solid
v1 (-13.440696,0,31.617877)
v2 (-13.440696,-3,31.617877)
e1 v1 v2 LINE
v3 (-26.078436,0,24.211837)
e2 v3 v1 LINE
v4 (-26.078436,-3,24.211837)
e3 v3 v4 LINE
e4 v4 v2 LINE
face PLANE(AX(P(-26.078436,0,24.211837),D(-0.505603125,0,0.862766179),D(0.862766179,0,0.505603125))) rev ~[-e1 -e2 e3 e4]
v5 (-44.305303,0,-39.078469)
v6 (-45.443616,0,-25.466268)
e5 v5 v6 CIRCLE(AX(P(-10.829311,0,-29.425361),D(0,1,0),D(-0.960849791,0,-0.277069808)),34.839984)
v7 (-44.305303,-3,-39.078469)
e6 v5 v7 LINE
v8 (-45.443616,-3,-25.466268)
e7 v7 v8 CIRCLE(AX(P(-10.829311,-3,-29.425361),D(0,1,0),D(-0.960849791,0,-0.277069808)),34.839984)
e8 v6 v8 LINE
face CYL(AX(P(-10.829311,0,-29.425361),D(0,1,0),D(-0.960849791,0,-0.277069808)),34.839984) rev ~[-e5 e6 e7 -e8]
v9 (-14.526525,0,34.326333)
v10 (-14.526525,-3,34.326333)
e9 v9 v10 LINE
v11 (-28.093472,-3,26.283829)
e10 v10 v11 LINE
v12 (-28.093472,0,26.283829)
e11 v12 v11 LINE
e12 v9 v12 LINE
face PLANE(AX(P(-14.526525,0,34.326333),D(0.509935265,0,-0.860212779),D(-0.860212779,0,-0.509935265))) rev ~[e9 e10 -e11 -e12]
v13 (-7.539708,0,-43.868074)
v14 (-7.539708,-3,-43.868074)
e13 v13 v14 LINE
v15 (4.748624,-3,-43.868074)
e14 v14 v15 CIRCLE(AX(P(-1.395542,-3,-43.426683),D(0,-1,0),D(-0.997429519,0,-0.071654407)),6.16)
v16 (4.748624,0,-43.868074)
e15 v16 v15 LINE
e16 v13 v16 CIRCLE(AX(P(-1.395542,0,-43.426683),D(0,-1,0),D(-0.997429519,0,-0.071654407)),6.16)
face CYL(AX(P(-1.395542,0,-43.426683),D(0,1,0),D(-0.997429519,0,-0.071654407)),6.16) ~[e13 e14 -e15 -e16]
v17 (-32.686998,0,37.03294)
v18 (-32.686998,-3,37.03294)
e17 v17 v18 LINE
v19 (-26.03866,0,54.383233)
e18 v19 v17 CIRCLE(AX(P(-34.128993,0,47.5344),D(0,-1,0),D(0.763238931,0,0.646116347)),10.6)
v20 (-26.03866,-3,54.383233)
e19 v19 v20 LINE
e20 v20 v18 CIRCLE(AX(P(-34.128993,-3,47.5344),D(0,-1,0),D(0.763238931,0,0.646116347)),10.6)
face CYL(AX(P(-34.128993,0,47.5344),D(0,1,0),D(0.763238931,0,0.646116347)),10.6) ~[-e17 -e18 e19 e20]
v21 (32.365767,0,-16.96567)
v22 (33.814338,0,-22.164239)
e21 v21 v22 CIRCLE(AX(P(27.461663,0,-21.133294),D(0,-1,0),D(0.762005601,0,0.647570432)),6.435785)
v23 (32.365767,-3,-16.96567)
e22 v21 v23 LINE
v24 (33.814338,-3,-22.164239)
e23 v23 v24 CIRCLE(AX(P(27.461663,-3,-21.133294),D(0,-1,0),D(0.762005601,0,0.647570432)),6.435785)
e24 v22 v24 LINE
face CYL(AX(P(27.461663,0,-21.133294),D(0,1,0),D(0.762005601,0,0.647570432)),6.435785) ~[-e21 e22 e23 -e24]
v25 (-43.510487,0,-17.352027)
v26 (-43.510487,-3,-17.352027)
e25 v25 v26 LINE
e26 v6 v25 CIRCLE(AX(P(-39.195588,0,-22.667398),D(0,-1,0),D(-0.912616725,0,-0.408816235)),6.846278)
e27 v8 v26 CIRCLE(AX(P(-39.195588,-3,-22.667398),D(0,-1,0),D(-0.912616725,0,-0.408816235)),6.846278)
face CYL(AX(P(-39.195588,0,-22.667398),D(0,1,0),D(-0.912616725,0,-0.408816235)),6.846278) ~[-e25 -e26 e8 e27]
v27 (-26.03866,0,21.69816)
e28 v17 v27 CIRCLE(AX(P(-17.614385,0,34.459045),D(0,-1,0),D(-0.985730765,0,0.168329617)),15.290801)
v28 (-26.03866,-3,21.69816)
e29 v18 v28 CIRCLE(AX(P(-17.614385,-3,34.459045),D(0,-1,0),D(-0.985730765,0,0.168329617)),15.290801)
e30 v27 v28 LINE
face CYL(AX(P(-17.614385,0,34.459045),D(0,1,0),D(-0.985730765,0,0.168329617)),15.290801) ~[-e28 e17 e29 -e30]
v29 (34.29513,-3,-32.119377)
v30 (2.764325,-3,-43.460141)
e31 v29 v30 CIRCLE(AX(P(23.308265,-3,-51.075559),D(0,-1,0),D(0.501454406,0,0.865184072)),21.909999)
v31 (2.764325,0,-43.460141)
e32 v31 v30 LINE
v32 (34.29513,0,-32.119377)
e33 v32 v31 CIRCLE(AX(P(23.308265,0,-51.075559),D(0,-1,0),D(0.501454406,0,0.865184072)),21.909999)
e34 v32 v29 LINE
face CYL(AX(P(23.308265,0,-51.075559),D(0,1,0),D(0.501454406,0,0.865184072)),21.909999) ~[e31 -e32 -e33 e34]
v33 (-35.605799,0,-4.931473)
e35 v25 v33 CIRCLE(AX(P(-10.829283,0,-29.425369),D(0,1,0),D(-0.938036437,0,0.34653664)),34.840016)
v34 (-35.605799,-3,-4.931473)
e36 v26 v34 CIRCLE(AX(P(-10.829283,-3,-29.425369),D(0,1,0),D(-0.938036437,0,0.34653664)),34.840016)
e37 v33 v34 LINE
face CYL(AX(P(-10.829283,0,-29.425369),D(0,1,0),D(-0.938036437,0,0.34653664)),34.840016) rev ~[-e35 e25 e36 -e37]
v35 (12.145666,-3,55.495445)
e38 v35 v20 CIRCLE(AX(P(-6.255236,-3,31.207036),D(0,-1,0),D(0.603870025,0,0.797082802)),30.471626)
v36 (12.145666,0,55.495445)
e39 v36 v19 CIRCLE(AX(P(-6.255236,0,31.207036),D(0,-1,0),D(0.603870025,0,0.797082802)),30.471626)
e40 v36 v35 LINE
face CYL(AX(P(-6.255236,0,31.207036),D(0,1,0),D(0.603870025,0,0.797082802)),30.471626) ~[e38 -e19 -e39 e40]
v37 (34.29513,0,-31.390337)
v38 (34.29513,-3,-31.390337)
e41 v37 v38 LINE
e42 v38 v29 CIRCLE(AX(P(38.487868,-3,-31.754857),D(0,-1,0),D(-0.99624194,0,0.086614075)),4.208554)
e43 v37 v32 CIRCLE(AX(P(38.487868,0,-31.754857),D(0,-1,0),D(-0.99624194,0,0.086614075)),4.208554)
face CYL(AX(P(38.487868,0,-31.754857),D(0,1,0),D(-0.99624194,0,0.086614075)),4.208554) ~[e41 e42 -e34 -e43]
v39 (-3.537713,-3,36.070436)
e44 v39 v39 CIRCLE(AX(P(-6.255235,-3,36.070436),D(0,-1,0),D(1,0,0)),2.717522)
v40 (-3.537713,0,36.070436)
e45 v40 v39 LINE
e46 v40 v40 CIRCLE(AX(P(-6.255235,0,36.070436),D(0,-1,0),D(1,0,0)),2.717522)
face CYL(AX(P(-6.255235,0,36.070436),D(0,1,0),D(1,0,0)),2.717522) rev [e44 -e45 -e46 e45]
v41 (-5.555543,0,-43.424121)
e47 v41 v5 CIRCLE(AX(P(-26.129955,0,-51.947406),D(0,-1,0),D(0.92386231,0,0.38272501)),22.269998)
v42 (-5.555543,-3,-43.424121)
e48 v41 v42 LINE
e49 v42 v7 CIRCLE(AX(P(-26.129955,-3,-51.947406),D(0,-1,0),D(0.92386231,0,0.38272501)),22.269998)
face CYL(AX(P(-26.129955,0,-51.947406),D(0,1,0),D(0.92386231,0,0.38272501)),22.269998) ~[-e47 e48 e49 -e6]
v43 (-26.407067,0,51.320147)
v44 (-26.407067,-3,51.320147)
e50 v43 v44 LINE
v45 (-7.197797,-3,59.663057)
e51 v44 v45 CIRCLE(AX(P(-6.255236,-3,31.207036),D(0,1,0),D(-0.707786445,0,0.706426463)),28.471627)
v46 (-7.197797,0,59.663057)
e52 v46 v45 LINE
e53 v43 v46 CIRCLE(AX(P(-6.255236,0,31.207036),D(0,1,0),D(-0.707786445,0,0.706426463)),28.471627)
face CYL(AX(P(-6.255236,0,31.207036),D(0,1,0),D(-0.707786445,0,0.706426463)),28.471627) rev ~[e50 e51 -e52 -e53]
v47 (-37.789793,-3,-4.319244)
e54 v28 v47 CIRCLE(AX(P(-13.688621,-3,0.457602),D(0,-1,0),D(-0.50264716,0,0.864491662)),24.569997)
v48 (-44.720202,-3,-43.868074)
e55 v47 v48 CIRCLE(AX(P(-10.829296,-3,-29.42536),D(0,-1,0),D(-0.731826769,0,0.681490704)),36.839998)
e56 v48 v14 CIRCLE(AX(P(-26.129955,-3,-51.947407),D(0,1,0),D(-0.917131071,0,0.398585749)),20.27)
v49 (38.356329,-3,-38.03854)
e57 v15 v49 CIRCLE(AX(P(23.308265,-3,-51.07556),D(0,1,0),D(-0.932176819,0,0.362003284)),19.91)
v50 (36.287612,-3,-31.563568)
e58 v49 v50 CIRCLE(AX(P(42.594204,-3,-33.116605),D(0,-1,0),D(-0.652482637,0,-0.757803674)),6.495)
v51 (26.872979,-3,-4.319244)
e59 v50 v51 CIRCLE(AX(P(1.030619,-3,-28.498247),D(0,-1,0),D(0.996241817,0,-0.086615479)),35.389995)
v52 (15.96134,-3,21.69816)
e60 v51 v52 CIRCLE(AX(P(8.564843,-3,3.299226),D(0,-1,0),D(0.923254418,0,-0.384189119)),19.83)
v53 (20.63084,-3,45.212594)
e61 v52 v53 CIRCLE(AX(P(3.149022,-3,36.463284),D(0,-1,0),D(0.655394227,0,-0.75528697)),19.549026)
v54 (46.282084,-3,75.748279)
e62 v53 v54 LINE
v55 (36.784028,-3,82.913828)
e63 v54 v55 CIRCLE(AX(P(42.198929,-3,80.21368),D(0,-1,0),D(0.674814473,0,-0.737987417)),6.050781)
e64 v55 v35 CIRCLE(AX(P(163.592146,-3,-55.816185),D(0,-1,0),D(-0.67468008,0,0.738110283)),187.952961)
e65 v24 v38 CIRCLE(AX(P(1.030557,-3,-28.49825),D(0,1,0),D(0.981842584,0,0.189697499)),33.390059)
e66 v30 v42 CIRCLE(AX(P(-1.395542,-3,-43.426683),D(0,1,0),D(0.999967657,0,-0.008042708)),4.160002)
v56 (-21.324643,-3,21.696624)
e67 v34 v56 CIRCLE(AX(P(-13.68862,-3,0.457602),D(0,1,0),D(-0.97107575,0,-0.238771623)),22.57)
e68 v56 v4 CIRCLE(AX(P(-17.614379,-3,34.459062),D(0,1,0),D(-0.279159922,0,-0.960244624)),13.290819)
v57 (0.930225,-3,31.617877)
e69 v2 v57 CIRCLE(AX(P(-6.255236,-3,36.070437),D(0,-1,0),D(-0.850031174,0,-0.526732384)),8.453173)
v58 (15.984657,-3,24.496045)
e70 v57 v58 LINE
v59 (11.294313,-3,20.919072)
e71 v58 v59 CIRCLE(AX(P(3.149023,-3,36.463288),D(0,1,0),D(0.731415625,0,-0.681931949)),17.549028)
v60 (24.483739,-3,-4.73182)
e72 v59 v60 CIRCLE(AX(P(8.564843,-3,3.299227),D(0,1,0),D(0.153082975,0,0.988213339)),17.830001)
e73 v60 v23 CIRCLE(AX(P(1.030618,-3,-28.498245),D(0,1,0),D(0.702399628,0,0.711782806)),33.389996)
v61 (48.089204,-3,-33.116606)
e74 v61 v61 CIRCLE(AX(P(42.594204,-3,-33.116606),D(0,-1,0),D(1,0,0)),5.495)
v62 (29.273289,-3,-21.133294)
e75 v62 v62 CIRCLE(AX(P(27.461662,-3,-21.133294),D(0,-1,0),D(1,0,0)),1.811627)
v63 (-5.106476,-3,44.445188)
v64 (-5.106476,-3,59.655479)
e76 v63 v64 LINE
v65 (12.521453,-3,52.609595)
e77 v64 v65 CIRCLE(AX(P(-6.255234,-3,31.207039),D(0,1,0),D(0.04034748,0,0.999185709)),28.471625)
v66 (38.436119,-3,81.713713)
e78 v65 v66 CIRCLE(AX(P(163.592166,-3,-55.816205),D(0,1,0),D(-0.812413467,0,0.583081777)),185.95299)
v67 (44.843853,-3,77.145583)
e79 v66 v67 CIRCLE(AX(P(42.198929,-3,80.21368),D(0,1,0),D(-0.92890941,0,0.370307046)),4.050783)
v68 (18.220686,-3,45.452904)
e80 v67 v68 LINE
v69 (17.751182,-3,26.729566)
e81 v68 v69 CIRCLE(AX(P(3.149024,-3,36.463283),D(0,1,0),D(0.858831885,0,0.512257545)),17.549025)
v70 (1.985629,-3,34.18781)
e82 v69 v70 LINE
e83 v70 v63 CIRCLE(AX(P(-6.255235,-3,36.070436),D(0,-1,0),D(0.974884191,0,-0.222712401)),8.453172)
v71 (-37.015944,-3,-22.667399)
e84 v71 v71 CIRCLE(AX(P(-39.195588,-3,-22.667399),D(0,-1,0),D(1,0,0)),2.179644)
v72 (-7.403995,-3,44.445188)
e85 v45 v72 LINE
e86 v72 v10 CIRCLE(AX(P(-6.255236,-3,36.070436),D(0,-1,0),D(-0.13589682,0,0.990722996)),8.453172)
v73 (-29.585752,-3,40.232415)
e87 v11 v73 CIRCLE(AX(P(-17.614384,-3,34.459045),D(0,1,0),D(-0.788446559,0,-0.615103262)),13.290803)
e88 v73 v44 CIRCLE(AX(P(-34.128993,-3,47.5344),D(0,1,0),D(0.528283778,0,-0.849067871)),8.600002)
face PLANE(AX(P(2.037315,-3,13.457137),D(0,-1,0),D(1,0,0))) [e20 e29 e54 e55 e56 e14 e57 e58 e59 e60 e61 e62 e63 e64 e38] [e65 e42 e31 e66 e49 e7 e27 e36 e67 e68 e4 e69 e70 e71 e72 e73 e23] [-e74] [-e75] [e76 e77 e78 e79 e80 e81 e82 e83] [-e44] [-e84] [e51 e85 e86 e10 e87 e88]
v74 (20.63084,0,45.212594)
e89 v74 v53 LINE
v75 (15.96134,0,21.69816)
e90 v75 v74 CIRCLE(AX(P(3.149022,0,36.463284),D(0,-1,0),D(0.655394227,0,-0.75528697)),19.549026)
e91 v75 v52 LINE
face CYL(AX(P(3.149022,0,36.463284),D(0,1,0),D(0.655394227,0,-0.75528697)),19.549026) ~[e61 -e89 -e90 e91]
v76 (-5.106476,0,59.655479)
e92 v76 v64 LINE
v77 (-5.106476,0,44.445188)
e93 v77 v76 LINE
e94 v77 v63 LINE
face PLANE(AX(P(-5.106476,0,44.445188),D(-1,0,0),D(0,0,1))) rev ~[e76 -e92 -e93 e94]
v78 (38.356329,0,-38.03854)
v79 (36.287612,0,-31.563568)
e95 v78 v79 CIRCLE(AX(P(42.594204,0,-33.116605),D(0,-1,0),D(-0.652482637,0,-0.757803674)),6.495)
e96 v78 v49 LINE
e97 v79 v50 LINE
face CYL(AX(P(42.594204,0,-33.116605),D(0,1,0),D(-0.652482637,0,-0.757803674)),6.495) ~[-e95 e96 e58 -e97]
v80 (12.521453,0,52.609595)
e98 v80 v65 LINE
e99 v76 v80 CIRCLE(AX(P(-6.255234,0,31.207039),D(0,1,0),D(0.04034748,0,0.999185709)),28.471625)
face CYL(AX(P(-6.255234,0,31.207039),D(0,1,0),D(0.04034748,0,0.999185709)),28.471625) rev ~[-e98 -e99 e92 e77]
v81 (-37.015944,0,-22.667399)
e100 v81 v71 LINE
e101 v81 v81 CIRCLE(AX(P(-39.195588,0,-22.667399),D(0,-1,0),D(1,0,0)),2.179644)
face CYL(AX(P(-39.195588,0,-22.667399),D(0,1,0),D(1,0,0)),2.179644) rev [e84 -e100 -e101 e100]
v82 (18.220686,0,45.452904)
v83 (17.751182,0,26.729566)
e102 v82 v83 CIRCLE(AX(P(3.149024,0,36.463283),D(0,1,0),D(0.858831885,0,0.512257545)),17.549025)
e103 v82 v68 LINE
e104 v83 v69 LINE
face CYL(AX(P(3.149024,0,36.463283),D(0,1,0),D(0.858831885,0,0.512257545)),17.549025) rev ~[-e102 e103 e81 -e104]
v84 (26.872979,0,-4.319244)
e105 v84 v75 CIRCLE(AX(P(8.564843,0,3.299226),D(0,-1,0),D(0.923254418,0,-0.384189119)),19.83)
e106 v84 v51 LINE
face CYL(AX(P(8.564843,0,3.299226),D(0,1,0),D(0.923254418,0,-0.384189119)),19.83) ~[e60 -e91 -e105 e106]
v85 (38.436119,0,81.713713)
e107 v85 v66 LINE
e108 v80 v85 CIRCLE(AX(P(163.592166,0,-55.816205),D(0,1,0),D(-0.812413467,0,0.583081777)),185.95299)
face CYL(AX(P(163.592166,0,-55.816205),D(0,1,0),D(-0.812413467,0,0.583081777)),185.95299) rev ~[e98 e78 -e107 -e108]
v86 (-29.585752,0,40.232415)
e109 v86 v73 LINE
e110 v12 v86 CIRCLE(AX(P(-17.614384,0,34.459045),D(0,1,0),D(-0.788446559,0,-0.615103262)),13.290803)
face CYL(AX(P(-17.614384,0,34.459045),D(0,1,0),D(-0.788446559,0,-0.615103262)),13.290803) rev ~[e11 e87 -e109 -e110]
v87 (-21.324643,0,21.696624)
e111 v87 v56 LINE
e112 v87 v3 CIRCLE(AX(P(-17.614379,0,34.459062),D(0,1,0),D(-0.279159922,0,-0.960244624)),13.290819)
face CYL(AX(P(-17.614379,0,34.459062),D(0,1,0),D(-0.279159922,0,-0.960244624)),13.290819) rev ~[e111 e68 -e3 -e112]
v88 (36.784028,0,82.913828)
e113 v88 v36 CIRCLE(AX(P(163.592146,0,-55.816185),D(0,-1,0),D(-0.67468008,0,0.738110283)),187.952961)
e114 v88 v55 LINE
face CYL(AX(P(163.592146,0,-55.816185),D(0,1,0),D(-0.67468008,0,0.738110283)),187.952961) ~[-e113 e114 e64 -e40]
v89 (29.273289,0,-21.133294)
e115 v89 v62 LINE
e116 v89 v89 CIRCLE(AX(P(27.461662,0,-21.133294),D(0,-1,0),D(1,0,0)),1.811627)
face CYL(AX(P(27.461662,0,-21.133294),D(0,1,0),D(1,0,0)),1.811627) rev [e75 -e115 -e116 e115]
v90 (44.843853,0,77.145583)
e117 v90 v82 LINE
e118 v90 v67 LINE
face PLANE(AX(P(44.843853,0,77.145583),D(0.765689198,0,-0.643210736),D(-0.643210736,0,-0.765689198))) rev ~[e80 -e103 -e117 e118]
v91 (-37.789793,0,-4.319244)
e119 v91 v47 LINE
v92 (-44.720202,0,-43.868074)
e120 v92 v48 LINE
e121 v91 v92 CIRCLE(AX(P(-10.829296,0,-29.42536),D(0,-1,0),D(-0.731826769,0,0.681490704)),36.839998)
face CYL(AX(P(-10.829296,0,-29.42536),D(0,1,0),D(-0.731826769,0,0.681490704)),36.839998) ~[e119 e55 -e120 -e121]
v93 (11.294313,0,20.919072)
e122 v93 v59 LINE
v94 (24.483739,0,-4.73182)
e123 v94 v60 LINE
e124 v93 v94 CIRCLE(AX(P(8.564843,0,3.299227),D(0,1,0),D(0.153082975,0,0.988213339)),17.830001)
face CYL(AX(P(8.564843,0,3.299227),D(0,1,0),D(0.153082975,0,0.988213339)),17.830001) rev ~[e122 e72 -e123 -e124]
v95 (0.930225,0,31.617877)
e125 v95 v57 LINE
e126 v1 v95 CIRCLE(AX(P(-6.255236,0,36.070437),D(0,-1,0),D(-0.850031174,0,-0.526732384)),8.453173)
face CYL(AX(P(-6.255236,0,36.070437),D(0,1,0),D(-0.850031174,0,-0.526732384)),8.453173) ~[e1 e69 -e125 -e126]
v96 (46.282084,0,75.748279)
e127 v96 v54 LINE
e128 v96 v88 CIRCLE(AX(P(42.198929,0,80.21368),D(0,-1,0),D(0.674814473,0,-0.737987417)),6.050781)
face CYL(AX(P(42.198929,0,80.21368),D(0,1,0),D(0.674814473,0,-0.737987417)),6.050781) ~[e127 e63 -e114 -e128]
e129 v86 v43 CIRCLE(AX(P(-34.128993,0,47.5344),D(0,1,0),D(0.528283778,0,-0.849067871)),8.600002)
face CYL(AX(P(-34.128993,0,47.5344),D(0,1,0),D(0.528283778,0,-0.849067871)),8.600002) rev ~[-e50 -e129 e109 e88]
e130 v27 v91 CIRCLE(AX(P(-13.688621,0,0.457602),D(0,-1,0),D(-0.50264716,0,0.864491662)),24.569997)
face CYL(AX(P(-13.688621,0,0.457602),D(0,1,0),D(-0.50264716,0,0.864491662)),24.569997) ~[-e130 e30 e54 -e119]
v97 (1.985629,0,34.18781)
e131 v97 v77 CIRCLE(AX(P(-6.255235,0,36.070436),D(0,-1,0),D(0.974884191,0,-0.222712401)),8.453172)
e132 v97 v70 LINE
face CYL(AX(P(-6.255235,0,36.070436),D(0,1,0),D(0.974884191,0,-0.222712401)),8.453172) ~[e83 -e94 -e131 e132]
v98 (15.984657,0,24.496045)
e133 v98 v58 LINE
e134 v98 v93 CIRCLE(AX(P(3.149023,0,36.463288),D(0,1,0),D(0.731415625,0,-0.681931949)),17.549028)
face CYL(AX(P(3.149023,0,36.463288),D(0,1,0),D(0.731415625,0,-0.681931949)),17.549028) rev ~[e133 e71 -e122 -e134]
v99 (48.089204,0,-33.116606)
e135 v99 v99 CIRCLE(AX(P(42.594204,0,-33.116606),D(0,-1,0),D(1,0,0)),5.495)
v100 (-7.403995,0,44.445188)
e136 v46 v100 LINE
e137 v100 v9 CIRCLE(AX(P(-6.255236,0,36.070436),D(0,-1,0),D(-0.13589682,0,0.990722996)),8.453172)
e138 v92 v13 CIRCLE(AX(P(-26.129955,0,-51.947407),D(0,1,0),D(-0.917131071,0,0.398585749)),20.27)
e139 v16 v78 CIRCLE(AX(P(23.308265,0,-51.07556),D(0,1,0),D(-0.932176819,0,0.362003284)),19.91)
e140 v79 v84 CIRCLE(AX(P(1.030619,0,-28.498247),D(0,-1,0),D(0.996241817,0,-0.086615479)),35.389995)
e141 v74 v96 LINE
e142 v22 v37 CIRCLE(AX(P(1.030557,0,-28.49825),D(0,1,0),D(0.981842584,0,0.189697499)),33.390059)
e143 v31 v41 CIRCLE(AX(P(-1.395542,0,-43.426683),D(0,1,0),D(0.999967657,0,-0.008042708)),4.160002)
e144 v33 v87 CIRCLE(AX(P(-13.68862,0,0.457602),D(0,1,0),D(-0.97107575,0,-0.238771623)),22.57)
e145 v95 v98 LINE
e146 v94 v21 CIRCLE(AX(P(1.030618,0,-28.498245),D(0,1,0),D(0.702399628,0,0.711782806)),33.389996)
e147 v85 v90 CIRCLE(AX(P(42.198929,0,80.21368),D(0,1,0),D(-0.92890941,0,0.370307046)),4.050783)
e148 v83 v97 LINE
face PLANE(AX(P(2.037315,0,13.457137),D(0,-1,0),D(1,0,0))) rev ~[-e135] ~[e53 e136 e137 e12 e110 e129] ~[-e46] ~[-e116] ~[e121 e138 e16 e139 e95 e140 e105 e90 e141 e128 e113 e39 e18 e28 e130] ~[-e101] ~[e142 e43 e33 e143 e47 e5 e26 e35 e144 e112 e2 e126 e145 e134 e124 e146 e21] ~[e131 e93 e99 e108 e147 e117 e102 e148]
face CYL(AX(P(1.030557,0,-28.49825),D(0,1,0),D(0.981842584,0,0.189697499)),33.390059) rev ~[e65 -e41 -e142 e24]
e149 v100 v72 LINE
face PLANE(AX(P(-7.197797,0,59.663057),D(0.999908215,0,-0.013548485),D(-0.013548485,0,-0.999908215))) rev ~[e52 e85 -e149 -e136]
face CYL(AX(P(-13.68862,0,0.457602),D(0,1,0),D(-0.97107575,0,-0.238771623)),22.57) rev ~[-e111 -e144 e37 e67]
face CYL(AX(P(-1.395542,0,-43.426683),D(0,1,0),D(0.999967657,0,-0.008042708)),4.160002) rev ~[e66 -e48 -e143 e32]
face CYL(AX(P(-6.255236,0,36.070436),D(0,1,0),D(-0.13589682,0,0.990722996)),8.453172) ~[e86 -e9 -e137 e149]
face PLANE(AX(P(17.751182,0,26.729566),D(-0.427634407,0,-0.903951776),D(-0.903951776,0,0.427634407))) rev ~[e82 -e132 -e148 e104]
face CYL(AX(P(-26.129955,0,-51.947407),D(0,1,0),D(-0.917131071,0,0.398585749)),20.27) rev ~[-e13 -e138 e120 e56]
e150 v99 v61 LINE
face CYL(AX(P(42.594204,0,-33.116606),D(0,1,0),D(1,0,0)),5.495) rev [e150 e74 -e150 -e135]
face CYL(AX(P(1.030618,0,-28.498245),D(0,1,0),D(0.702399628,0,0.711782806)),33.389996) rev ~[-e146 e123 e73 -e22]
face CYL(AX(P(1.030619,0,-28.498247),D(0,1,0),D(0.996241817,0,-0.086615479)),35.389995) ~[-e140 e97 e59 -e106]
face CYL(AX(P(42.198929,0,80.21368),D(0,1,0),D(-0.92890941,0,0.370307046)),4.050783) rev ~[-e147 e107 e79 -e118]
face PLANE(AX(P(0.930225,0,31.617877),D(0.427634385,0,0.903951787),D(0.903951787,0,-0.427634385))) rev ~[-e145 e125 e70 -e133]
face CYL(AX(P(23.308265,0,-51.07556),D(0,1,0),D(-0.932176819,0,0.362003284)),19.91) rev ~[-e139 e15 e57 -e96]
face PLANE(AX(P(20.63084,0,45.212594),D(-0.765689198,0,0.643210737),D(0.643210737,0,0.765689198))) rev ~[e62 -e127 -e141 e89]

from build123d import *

# Parameters (mm, degrees)
F0_R     = 2.179644
F0_R_2   = 5.495
F0_R_3   = 1.811627
F0_R_4   = 2.717522
F1_DEPTH = 3


with BuildPart() as f1:
    # F0 (on Front) → F1 (new body)
    with BuildSketch(Plane.XZ):
        with BuildLine():
            ThreePointArc((4.748624, -43.868074), (19.905522, -31.458489), (38.356329, -38.03854))
            ThreePointArc((38.356329, -38.03854), (48.781106, -31.139926), (36.287612, -31.563568))
            ThreePointArc((36.287612, -31.563568), (34.479775, -16.939453), (26.872979, -4.319244))
            ThreePointArc((26.872979, -4.319244), (26.851679, 10.968683), (15.96134, 21.69816))
            ThreePointArc((15.96134, 21.69816), (22.323636, 32.655587), (20.63084, 45.212594))
            Line((20.63084, 45.212594), (46.282084, 75.748279))
            ThreePointArc((46.282084, 75.748279), (45.843056, 85.044031), (36.784028, 82.913828))
            ThreePointArc((36.784028, 82.913828), (23.791047, 69.810118), (12.145666, 55.495445))
            ThreePointArc((12.145666, 55.495445), (-7.14242, 61.665744), (-26.03866, 54.383233))
            ThreePointArc((-26.03866, 54.383233), (-44.027199, 51.327224), (-32.686998, 37.03294))
            ThreePointArc((-32.686998, 37.03294), (-31.643455, 28.376793), (-26.03866, 21.69816))
            ThreePointArc((-26.03866, 21.69816), (-36.080562, 10.571243), (-37.789793, -4.319244))
            ThreePointArc((-37.789793, -4.319244), (-47.116357, -23.066533), (-44.720202, -43.868074))
            ThreePointArc((-44.720202, -43.868074), (-26.129955, -31.677407), (-7.539708, -43.868074))
            ThreePointArc((-7.539708, -43.868074), (-1.395542, -49.586683), (4.748624, -43.868074))
        make_face()
        with Locations((-39.195588, -22.667399)):
            Circle(F0_R, mode=Mode.SUBTRACT)
        with BuildLine():
            ThreePointArc((2.764325, -43.460141), (-1.413553, -47.586646), (-5.555543, -43.424121))
            ThreePointArc((-5.555543, -43.424121), (-23.64801, -29.816144), (-44.305303, -39.078469))
            ThreePointArc((-44.305303, -39.078469), (-45.548112, -32.328702), (-45.443616, -25.466268))
            ThreePointArc((-45.443616, -25.466268), (-32.535702, -24.254044), (-43.510487, -17.352027))
            ThreePointArc((-43.510487, -17.352027), (-40.221713, -10.719441), (-35.605799, -4.931473))
            ThreePointArc((-35.605799, -4.931473), (-33.578613, 11.124985), (-21.324643, 21.696624))
            ThreePointArc((-21.324643, 21.696624), (-23.830093, 22.711263), (-26.078436, 24.211837))
            Line((-26.078436, 24.211837), (-13.440696, 31.617877))
            ThreePointArc((-13.440696, 31.617877), (-6.255235, 27.617264), (0.930225, 31.617877))
            Line((0.930225, 31.617877), (15.984657, 24.496045))
            ThreePointArc((15.984657, 24.496045), (13.79085, 22.50908), (11.294313, 20.919072))
            ThreePointArc((11.294313, 20.919072), (24.421465, 11.452539), (24.483739, -4.73182))
            ThreePointArc((24.483739, -4.73182), (29.09938, -10.414096), (32.365767, -16.96567))
            ThreePointArc((32.365767, -16.96567), (21.262061, -22.860799), (33.814338, -22.164239))
            ThreePointArc((33.814338, -22.164239), (34.375369, -26.760579), (34.29513, -31.390337))
            ThreePointArc((34.29513, -31.390337), (34.279314, -31.754857), (34.29513, -32.119377))
            ThreePointArc((34.29513, -32.119377), (15.892899, -30.458566), (2.764325, -43.460141))
        make_face(mode=Mode.SUBTRACT)
        with Locations((42.594204, -33.116606)):
            Circle(F0_R_2, mode=Mode.SUBTRACT)
        with Locations((27.461662, -21.133294)):
            Circle(F0_R_3, mode=Mode.SUBTRACT)
        with BuildLine():
            ThreePointArc((-29.585752, 40.232415), (-42.395978, 49.904419), (-26.407067, 51.320147))
            ThreePointArc((-26.407067, 51.320147), (-17.597387, 57.321958), (-7.197797, 59.663057))
            Line((-7.197797, 59.663057), (-7.403995, 44.445188))
            ThreePointArc((-7.403995, 44.445188), (-13.167698, 40.936028), (-14.526525, 34.326333))
            Line((-14.526525, 34.326333), (-28.093472, 26.283829))
            ThreePointArc((-28.093472, 26.283829), (-30.829773, 33.045206), (-29.585752, 40.232415))
        make_face(mode=Mode.SUBTRACT)
        with Locations((-6.255235, 36.070436)):
            Circle(F0_R_4, mode=Mode.SUBTRACT)
        with BuildLine():
            Line((44.843853, 77.145583), (18.220686, 45.452904))
            ThreePointArc((18.220686, 45.452904), (20.692534, 36.023365), (17.751182, 26.729566))
            Line((17.751182, 26.729566), (1.985629, 34.18781))
            ThreePointArc((1.985629, 34.18781), (0.697801, 40.877869), (-5.106476, 44.445188))
            Line((-5.106476, 44.445188), (-5.106476, 59.655479))
            ThreePointArc((-5.106476, 59.655479), (4.312025, 57.645012), (12.521453, 52.609595))
            ThreePointArc((12.521453, 52.609595), (24.714277, 67.842383), (38.436119, 81.713713))
            ThreePointArc((38.436119, 81.713713), (44.55039, 83.512084), (44.843853, 77.145583))
        make_face(mode=Mode.SUBTRACT)
    extrude(amount=F1_DEPTH)


solid = f1.part
